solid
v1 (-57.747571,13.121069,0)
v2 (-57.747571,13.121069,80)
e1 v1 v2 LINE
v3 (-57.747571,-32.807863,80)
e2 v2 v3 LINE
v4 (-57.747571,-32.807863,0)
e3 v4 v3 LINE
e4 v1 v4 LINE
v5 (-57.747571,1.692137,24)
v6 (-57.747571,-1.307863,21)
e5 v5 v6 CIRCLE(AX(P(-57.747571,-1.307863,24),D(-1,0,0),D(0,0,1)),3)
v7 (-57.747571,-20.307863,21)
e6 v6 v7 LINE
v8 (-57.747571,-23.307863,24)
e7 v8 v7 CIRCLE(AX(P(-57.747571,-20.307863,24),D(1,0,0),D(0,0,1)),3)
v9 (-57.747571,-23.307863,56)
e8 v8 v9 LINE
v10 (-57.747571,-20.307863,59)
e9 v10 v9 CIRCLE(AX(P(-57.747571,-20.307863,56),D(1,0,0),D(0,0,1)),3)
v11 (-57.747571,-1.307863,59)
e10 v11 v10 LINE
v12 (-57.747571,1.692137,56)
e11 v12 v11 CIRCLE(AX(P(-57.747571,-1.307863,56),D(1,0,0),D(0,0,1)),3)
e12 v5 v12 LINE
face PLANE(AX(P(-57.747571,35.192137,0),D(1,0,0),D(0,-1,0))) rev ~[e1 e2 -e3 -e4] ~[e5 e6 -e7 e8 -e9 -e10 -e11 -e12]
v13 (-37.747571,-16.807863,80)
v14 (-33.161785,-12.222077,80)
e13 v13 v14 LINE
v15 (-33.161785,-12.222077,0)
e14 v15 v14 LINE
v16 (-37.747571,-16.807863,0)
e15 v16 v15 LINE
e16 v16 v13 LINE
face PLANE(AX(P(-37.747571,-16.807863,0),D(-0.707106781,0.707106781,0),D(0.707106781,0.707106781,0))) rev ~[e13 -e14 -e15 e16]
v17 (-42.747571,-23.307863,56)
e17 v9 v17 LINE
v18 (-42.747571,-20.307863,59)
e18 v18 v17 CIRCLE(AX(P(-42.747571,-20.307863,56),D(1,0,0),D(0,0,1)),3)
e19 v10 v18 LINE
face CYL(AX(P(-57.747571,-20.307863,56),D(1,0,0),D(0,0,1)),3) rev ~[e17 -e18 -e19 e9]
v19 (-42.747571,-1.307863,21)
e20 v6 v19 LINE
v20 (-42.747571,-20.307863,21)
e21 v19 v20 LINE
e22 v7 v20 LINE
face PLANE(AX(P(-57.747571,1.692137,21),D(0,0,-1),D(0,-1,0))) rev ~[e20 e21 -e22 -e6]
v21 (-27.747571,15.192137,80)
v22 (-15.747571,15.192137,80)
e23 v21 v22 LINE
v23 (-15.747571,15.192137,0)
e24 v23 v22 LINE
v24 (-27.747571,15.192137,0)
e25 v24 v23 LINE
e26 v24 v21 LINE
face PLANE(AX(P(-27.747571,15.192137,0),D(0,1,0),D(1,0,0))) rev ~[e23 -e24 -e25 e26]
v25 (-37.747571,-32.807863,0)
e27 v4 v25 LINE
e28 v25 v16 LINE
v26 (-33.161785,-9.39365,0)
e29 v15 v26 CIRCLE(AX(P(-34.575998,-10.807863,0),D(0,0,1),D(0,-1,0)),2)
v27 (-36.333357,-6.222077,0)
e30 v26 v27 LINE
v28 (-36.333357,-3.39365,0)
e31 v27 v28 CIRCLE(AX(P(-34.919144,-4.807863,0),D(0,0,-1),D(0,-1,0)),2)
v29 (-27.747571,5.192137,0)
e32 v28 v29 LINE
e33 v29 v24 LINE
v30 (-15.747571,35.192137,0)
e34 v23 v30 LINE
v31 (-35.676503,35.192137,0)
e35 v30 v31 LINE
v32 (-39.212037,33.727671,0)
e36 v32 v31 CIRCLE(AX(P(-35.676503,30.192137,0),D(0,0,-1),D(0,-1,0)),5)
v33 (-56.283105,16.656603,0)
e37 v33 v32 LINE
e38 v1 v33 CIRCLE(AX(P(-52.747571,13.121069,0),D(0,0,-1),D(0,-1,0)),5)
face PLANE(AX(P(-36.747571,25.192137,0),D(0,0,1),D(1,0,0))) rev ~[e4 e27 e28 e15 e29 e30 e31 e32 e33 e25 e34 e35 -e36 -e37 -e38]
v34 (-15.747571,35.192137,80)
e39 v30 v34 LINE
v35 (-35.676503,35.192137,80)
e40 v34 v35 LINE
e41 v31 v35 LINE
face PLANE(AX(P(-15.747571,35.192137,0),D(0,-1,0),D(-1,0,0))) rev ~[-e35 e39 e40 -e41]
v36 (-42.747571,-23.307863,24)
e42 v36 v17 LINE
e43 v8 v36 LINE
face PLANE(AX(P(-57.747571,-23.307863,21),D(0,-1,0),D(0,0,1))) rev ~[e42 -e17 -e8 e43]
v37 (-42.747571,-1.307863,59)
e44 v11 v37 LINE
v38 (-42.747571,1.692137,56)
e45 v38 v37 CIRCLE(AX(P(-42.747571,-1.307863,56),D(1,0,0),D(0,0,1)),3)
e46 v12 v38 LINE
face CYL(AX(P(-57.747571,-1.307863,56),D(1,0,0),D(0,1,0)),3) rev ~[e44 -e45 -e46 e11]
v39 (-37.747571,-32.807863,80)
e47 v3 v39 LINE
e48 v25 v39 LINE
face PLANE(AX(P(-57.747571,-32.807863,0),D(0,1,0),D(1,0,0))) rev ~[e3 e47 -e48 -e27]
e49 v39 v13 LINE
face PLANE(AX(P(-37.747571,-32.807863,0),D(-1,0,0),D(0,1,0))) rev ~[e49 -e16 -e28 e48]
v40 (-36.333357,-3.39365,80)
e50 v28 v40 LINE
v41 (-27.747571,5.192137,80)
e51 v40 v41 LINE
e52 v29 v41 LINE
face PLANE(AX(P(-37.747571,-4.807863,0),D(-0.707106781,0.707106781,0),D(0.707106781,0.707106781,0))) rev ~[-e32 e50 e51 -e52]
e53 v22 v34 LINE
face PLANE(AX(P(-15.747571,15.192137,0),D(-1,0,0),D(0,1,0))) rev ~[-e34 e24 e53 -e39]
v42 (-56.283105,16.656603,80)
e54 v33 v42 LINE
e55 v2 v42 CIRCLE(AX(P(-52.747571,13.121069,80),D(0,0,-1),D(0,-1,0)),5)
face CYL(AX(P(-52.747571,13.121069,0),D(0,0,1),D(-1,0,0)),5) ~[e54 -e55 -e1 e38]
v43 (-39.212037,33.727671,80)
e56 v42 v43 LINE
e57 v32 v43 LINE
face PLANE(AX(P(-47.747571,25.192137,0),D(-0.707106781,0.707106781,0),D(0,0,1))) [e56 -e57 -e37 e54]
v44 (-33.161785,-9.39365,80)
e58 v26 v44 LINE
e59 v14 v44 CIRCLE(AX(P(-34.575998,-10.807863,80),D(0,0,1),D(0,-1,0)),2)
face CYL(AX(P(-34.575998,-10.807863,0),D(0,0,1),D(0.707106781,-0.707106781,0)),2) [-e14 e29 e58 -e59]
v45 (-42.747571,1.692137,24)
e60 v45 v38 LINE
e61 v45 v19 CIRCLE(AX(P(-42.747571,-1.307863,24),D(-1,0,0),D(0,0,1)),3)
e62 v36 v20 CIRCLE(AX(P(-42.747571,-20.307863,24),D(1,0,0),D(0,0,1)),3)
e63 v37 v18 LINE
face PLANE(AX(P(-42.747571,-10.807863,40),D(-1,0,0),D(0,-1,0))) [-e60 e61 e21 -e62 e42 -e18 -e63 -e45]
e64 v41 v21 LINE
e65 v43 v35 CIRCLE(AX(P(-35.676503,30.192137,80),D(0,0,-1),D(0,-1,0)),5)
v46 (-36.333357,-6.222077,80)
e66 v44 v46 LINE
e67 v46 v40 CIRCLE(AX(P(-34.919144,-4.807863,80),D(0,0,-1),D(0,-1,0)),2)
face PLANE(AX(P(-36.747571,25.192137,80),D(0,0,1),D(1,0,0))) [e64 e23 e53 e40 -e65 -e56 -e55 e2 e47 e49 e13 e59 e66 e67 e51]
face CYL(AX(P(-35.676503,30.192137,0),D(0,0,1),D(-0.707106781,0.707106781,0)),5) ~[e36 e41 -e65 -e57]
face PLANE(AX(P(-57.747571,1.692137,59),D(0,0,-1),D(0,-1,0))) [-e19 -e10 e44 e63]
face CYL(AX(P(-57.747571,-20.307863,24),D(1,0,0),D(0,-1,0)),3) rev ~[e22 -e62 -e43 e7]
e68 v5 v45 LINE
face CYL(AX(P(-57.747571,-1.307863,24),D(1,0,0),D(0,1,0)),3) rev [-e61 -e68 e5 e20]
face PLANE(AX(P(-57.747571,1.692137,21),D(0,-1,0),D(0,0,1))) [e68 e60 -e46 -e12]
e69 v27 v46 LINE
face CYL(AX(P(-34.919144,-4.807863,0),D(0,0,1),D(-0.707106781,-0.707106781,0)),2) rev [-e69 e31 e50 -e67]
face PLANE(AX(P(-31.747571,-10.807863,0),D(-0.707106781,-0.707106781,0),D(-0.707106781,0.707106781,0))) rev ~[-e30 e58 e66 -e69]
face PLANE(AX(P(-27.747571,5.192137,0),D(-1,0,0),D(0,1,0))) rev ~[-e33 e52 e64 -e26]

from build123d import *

# Parameters (mm, degrees)
F0_W     = 10
F0_H     = 10
F1_DEPTH = 80
F2_R     = 2
F3_R     = 2
F4_SIZE  = 20
F5_W     = 25
F5_H     = 38
F6_DEPTH = 15
F7_R     = 3
F8_R     = 5


with BuildPart() as f1:
    # F0 (on Top) → F1 (new body)
    with BuildSketch(Plane.XY):
        Polygon((-57.7475710213, 35.1921368795), (-57.7475710213, 15.1921368795), (-37.7475710213, 15.1921368795), (-27.7475710213, 15.1921368795), (-15.7475710213, 15.1921368795), (-15.7475710213, 35.1921368795), align=None)
        Polygon((-37.7475710213, 15.1921368795), (-57.7475710213, 15.1921368795), (-57.7475710213, -32.8078631205), (-37.7475710213, -32.8078631205), (-37.7475710213, -16.8078631205), (-37.7475710213, -4.8078631205), (-37.7475710213, 5.1921368795), align=None)
        with Locations((-32.7475710213, 10.1921368795)):
            Rectangle(F0_W, F0_H)
        Polygon((-27.7475710213, 5.1921368795), (-37.7475710213, 5.1921368795), (-37.7475710213, -4.8078631205), align=None)
        Polygon((-31.7475710213, -10.8078631205), (-37.7475710213, -4.8078631205), (-37.7475710213, -16.8078631205), align=None)
    extrude(amount=F1_DEPTH)

    # F2
    f2_edges = [f1.edges().sort_by_distance(p)[0] for p in [
        (-31.747571, -10.807863, 40),
    ]]
    fillet(f2_edges, radius=F2_R)

    # F3
    f3_edges = [f1.edges().sort_by_distance(p)[0] for p in [
        (-37.747571, -4.807863, 40),
    ]]
    fillet(f3_edges, radius=F3_R)

    # F4
    f4_edges = [f1.edges().sort_by_distance(p)[0] for p in [
        (-57.747571, 35.192137, 40),
    ]]
    chamfer(f4_edges, length=F4_SIZE)

    # F5 (on face) → F6 (cut)
    with BuildSketch(Plane(origin=(-57.7475710213, 0, 0), x_dir=(0, -1, 0), z_dir=(-1, 0, 0))):
        with Locations((10.8078631205, 40)):
            Rectangle(F5_W, F5_H)
    extrude(amount=-F6_DEPTH, mode=Mode.SUBTRACT)

    # F7
    f7_edges = [f1.edges().sort_by_distance(p)[0] for p in [
        (-50.247571, 1.692137, 21),
        (-50.247571, 1.692137, 59),
        (-50.247571, -23.307863, 59),
        (-50.247571, -23.307863, 21),
    ]]
    fillet(f7_edges, radius=F7_R)

    # F8
    f8_edges = [f1.edges().sort_by_distance(p)[0] for p in [
        (-37.747571, 35.192137, 40),
        (-57.747571, 15.192137, 40),
    ]]
    fillet(f8_edges, radius=F8_R)


solid = f1.part
